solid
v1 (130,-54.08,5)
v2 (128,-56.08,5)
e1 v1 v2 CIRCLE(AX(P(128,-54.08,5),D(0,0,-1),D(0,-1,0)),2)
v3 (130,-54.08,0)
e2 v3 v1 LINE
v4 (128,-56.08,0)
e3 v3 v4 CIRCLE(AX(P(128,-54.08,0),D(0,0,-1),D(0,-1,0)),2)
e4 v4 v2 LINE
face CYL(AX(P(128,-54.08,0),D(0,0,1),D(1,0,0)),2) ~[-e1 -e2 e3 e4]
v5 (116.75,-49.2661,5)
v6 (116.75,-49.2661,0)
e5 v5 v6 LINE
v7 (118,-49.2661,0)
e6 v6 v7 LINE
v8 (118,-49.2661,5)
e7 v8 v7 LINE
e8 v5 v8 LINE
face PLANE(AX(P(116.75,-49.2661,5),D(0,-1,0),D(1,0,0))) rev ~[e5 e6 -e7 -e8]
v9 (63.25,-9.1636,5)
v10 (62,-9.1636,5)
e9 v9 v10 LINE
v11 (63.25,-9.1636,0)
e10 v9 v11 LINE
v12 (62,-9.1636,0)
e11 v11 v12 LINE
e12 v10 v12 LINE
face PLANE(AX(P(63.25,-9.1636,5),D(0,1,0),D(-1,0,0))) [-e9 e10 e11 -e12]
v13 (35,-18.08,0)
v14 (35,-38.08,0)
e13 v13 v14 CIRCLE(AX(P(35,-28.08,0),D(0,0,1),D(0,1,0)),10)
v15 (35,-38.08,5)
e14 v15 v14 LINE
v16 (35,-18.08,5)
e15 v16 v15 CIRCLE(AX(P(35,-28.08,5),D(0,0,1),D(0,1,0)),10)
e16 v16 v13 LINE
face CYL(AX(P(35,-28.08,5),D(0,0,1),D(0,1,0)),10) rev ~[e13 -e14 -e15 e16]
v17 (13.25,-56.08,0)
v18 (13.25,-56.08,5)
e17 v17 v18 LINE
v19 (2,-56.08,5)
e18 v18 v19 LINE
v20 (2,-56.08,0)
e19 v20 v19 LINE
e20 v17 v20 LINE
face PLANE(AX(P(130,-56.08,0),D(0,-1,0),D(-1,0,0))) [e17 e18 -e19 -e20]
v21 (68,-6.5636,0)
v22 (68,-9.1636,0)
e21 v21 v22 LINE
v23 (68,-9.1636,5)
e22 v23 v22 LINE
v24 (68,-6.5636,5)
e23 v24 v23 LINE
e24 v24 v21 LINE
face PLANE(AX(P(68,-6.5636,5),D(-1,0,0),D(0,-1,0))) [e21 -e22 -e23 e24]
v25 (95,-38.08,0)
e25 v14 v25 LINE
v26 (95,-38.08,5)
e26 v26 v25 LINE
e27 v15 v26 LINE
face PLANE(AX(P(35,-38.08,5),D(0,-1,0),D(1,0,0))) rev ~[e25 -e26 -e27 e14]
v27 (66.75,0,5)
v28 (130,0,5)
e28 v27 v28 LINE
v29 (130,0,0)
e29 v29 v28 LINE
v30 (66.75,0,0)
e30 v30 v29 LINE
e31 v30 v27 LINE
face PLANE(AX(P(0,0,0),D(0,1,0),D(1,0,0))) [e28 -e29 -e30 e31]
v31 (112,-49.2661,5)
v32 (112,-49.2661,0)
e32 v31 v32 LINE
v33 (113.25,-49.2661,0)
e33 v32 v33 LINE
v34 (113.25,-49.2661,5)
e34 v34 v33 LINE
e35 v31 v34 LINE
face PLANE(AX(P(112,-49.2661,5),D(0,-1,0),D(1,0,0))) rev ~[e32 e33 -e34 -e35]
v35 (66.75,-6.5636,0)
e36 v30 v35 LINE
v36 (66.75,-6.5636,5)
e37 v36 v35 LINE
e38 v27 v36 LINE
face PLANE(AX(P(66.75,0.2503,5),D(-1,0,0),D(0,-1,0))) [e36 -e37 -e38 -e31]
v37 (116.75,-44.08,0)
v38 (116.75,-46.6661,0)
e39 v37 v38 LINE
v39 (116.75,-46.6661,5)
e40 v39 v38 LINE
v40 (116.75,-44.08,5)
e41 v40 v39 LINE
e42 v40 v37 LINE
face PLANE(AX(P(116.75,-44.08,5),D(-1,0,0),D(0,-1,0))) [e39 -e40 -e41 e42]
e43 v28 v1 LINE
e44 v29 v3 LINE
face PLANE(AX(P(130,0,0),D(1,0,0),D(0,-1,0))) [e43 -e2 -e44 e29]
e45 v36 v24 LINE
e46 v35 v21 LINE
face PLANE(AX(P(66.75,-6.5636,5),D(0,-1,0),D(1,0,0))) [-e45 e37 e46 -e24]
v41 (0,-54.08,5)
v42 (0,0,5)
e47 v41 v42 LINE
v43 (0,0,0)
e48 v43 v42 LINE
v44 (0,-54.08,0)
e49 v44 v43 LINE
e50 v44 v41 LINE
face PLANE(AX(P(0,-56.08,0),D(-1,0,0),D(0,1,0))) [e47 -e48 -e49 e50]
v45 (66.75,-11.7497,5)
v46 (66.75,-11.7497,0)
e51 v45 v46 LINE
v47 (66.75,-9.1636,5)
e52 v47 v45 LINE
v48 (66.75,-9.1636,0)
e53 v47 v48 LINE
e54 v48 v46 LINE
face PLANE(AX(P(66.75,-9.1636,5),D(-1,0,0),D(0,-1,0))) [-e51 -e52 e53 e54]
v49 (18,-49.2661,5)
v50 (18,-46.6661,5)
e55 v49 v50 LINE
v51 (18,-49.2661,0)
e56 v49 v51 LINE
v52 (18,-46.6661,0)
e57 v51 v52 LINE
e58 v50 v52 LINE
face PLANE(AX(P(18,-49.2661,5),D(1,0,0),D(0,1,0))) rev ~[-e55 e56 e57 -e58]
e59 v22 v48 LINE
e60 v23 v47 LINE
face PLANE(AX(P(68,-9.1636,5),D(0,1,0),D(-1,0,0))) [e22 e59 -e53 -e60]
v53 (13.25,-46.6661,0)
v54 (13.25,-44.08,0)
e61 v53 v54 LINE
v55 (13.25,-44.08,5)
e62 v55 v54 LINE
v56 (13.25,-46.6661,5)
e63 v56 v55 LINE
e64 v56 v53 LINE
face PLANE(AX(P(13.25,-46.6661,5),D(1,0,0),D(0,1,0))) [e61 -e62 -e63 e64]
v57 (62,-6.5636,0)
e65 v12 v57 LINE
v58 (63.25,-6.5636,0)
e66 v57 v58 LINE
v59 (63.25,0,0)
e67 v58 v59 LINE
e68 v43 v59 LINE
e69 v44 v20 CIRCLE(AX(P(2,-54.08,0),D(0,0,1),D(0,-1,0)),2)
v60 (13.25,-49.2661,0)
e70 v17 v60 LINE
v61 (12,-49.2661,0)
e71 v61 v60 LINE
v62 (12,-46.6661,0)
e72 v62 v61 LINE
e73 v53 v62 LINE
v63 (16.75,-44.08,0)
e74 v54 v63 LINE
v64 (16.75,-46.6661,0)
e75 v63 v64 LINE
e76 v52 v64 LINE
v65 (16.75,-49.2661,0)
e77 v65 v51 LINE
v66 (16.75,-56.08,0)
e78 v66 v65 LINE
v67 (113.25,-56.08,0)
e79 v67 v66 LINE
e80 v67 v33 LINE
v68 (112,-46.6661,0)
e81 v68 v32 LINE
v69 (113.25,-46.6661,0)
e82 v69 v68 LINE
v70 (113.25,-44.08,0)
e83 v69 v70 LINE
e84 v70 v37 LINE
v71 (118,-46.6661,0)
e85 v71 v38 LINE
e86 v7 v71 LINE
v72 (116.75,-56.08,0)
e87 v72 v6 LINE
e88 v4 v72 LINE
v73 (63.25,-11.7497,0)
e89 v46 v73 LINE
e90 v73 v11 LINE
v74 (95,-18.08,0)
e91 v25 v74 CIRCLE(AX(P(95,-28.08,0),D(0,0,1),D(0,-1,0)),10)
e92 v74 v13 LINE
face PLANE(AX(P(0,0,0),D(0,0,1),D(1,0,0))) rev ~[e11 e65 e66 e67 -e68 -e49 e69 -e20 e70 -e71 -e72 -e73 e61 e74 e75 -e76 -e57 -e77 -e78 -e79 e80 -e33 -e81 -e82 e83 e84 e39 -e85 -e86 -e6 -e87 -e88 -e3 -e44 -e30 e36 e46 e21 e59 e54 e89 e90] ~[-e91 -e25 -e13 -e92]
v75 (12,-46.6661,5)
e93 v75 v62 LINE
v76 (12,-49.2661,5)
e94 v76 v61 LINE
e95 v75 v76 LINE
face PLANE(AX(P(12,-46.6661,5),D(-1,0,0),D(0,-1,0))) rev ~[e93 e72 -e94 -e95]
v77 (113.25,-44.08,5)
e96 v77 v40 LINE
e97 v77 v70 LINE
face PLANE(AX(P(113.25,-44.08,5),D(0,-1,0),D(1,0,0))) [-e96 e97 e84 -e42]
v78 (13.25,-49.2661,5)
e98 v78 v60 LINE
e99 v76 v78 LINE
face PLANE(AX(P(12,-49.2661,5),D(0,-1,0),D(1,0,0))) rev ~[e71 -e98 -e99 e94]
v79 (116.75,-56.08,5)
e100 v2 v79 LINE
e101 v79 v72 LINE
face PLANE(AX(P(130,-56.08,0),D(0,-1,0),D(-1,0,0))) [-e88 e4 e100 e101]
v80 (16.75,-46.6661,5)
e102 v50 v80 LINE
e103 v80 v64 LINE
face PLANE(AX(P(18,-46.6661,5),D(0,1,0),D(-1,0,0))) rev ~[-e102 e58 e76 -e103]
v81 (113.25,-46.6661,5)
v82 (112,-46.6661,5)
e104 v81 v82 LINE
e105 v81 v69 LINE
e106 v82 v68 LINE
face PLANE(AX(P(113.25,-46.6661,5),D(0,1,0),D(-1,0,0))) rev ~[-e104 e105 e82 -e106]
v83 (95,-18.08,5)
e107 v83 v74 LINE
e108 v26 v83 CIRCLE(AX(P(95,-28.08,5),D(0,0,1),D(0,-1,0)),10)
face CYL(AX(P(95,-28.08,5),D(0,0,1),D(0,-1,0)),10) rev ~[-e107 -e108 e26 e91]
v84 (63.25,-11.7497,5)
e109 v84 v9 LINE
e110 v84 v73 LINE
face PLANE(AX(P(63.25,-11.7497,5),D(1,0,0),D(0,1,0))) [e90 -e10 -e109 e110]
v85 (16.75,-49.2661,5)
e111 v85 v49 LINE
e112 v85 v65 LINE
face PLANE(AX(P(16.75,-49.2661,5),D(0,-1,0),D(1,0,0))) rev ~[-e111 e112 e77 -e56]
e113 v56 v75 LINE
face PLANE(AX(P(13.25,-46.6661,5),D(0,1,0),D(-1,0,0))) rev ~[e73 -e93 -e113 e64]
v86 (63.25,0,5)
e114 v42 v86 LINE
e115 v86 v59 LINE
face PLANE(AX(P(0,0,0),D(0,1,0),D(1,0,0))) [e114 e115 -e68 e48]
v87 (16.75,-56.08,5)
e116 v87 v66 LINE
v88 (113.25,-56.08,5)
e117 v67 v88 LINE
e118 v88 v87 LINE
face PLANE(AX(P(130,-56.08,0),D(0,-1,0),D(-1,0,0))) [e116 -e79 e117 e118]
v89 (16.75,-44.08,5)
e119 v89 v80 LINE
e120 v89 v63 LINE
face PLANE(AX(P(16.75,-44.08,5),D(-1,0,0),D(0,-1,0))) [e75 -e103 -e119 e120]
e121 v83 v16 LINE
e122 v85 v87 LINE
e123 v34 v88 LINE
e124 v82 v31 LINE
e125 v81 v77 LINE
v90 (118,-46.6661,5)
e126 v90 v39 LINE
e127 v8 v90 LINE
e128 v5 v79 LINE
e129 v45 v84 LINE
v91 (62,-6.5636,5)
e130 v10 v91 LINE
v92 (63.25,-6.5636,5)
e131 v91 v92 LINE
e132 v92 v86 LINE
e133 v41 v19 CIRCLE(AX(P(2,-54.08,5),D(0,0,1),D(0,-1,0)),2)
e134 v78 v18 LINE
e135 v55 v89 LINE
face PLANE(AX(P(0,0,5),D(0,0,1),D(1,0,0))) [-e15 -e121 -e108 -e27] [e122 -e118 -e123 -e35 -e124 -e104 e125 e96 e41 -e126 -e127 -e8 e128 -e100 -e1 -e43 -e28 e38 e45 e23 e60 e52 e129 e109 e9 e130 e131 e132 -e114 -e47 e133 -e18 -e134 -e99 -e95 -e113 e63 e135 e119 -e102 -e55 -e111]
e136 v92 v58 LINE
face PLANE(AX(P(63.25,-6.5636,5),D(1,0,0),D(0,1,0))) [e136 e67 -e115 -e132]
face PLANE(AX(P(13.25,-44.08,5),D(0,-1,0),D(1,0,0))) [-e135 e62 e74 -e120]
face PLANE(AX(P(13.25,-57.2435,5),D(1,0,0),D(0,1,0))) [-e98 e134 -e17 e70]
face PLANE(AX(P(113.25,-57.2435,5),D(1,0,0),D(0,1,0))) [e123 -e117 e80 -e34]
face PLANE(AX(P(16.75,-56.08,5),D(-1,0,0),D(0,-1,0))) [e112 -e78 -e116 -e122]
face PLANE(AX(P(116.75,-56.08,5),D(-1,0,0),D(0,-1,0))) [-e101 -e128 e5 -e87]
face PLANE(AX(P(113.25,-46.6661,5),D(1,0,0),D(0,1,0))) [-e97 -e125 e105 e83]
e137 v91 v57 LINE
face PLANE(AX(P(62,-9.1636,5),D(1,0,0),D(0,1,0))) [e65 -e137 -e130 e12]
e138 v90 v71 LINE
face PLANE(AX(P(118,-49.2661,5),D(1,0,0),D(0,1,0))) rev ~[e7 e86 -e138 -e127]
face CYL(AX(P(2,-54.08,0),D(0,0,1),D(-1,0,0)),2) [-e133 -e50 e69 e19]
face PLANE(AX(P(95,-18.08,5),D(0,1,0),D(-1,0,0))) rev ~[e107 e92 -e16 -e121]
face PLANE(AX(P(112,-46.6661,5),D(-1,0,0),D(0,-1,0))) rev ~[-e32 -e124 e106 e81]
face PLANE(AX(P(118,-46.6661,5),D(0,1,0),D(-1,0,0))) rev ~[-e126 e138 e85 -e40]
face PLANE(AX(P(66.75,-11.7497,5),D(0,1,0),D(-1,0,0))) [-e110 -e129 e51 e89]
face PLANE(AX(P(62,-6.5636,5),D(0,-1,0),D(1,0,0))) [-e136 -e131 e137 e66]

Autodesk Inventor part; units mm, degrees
ref_plane "YZ Plane" through (0, 0, 0) normal (1, 0, 0) x (0, 1, 0)
ref_plane "XZ Plane" through (0, 0, 0) normal (0, 1, 0) x (-1, 0, 0)
ref_plane "XY Plane" through (0, 0, 0) normal (0, 0, 1) x (1, 0, 0)
sketch "Boceto1" plane through (0, 0, 0) normal (0, 0, 1) x (1, 0, 0)
  line L0 (0, 0) -> (130, 0)
  line L1 (130, 0) -> (130, -56.08)
  line L2 (130, -56.08) -> (0, -56.08)
  line L3 (0, -56.08) -> (0, 0)
  dimension "d0" = 130
  dimension "d1" = 56.08
extrude "Extrusión1" add sketch "Boceto1" along normal blind 5
sketch "Boceto2" plane through (0, 0, 5) normal (0, 0, 1) x (1, 0, 0)
  line L0 (130, 0) -> (130, -56.08) projected
  line L1 (0, -56.08) -> (0, 0) projected
  line L2 (130, -56.08) -> (0, -56.08) projected
  line L3 (16.75, -57.2435) -> (13.25, -57.2435)
  line L4 (13.25, -44.08) -> (16.75, -44.08)
  line L5 (116.75, -57.2435) -> (113.25, -57.2435)
  line L6 (113.25, -44.08) -> (116.75, -44.08)
  line L7 (12, -46.6661) -> (12, -49.2661)
  line L8 (18, -49.2661) -> (18, -46.6661)
  line L9 (112, -46.6661) -> (112, -49.2661)
  line L10 (118, -49.2661) -> (118, -46.6661)
  line L11 (12, -49.2661) -> (13.25, -49.2661)
  line L12 (16.75, -49.2661) -> (18, -49.2661)
  line L13 (16.75, -44.08) -> (16.75, -46.6661)
  line L14 (16.75, -49.2661) -> (16.75, -57.2435)
  line L15 (18, -46.6661) -> (16.75, -46.6661)
  line L16 (13.25, -46.6661) -> (12, -46.6661)
  line L17 (13.25, -57.2435) -> (13.25, -49.2661)
  line L18 (13.25, -46.6661) -> (13.25, -44.08)
  line L19 (112, -49.2661) -> (113.25, -49.2661)
  line L20 (116.75, -49.2661) -> (118, -49.2661)
  line L21 (116.75, -44.08) -> (116.75, -46.6661)
  line L22 (116.75, -49.2661) -> (116.75, -57.2435)
  line L23 (118, -46.6661) -> (116.75, -46.6661)
  line L24 (113.25, -46.6661) -> (112, -46.6661)
  line L25 (113.25, -57.2435) -> (113.25, -49.2661)
  line L26 (113.25, -46.6661) -> (113.25, -44.08)
  dimension "d7" = 6
  dimension "d8" = 12
  dimension "d14" = 13.25
  dimension "d15" = 1.25
  dimension "d16" = 1.25
  dimension "d17" = 13.25
  dimension "d18" = 3.5
extrude "Extrusión2" cut sketch "Boceto2" against normal blind 5
sketch "Boceto3" plane through (0, 0, 5) normal (0, 0, 1) x (1, 0, 0)
  line L0 (0, -56.08) -> (0, 0) projected
  line L1 (63.25, -6.5636) -> (63.25, 0.2503)
  line L2 (66.75, 0.2503) -> (66.75, -6.5636)
  line L3 (66.75, -6.5636) -> (68, -6.5636)
  line L4 (68, -6.5636) -> (68, -9.1636)
  line L5 (68, -9.1636) -> (66.75, -9.1636)
  line L6 (66.75, -9.1636) -> (66.75, -11.7497)
  line L7 (66.75, -11.7497) -> (63.25, -11.7497)
  line L8 (63.25, -11.7497) -> (63.25, -9.1636)
  line L9 (63.25, -9.1636) -> (62, -9.1636)
  line L10 (62, -9.1636) -> (62, -6.5636)
  line L11 (62, -6.5636) -> (63.25, -6.5636)
  line L12 (63.25, 0.2503) -> (66.75, 0.2503)
  dimension "d21" = 63.25
extrude "Extrusión3" cut sketch "Boceto3" against normal blind 5
fillet "Empalme1" radius 2 1 edges at (130, -56.08, 2.5)
fillet "Empalme2" radius 2 1 edges at (0, -56.08, 2.5)
sketch "Boceto4" plane through (0, 0, 5) normal (0, 0, 1) x (1, 0, 0)
  line L0 (113.25, -56.08) -> (16.75, -56.08) projected
  line L1 (0, -54.08) -> (0, 0) projected
  arc A0 (35, -18.08) -> (35, -38.08) centre (35, -28.08) ccw
  arc A1 (95, -38.08) -> (95, -18.08) centre (95, -28.08) ccw
  line L2 (35, -38.08) -> (95, -38.08)
  line L3 (95, -18.08) -> (35, -18.08)
  dimension "d26" = 20
  dimension "d27" = 20
  dimension "d28" = 60
  dimension "d29" = 35
  dimension "d30" = 28
extrude "Extrusión4" cut sketch "Boceto4" against normal blind 5
properties part number "pieza protectora 2"
